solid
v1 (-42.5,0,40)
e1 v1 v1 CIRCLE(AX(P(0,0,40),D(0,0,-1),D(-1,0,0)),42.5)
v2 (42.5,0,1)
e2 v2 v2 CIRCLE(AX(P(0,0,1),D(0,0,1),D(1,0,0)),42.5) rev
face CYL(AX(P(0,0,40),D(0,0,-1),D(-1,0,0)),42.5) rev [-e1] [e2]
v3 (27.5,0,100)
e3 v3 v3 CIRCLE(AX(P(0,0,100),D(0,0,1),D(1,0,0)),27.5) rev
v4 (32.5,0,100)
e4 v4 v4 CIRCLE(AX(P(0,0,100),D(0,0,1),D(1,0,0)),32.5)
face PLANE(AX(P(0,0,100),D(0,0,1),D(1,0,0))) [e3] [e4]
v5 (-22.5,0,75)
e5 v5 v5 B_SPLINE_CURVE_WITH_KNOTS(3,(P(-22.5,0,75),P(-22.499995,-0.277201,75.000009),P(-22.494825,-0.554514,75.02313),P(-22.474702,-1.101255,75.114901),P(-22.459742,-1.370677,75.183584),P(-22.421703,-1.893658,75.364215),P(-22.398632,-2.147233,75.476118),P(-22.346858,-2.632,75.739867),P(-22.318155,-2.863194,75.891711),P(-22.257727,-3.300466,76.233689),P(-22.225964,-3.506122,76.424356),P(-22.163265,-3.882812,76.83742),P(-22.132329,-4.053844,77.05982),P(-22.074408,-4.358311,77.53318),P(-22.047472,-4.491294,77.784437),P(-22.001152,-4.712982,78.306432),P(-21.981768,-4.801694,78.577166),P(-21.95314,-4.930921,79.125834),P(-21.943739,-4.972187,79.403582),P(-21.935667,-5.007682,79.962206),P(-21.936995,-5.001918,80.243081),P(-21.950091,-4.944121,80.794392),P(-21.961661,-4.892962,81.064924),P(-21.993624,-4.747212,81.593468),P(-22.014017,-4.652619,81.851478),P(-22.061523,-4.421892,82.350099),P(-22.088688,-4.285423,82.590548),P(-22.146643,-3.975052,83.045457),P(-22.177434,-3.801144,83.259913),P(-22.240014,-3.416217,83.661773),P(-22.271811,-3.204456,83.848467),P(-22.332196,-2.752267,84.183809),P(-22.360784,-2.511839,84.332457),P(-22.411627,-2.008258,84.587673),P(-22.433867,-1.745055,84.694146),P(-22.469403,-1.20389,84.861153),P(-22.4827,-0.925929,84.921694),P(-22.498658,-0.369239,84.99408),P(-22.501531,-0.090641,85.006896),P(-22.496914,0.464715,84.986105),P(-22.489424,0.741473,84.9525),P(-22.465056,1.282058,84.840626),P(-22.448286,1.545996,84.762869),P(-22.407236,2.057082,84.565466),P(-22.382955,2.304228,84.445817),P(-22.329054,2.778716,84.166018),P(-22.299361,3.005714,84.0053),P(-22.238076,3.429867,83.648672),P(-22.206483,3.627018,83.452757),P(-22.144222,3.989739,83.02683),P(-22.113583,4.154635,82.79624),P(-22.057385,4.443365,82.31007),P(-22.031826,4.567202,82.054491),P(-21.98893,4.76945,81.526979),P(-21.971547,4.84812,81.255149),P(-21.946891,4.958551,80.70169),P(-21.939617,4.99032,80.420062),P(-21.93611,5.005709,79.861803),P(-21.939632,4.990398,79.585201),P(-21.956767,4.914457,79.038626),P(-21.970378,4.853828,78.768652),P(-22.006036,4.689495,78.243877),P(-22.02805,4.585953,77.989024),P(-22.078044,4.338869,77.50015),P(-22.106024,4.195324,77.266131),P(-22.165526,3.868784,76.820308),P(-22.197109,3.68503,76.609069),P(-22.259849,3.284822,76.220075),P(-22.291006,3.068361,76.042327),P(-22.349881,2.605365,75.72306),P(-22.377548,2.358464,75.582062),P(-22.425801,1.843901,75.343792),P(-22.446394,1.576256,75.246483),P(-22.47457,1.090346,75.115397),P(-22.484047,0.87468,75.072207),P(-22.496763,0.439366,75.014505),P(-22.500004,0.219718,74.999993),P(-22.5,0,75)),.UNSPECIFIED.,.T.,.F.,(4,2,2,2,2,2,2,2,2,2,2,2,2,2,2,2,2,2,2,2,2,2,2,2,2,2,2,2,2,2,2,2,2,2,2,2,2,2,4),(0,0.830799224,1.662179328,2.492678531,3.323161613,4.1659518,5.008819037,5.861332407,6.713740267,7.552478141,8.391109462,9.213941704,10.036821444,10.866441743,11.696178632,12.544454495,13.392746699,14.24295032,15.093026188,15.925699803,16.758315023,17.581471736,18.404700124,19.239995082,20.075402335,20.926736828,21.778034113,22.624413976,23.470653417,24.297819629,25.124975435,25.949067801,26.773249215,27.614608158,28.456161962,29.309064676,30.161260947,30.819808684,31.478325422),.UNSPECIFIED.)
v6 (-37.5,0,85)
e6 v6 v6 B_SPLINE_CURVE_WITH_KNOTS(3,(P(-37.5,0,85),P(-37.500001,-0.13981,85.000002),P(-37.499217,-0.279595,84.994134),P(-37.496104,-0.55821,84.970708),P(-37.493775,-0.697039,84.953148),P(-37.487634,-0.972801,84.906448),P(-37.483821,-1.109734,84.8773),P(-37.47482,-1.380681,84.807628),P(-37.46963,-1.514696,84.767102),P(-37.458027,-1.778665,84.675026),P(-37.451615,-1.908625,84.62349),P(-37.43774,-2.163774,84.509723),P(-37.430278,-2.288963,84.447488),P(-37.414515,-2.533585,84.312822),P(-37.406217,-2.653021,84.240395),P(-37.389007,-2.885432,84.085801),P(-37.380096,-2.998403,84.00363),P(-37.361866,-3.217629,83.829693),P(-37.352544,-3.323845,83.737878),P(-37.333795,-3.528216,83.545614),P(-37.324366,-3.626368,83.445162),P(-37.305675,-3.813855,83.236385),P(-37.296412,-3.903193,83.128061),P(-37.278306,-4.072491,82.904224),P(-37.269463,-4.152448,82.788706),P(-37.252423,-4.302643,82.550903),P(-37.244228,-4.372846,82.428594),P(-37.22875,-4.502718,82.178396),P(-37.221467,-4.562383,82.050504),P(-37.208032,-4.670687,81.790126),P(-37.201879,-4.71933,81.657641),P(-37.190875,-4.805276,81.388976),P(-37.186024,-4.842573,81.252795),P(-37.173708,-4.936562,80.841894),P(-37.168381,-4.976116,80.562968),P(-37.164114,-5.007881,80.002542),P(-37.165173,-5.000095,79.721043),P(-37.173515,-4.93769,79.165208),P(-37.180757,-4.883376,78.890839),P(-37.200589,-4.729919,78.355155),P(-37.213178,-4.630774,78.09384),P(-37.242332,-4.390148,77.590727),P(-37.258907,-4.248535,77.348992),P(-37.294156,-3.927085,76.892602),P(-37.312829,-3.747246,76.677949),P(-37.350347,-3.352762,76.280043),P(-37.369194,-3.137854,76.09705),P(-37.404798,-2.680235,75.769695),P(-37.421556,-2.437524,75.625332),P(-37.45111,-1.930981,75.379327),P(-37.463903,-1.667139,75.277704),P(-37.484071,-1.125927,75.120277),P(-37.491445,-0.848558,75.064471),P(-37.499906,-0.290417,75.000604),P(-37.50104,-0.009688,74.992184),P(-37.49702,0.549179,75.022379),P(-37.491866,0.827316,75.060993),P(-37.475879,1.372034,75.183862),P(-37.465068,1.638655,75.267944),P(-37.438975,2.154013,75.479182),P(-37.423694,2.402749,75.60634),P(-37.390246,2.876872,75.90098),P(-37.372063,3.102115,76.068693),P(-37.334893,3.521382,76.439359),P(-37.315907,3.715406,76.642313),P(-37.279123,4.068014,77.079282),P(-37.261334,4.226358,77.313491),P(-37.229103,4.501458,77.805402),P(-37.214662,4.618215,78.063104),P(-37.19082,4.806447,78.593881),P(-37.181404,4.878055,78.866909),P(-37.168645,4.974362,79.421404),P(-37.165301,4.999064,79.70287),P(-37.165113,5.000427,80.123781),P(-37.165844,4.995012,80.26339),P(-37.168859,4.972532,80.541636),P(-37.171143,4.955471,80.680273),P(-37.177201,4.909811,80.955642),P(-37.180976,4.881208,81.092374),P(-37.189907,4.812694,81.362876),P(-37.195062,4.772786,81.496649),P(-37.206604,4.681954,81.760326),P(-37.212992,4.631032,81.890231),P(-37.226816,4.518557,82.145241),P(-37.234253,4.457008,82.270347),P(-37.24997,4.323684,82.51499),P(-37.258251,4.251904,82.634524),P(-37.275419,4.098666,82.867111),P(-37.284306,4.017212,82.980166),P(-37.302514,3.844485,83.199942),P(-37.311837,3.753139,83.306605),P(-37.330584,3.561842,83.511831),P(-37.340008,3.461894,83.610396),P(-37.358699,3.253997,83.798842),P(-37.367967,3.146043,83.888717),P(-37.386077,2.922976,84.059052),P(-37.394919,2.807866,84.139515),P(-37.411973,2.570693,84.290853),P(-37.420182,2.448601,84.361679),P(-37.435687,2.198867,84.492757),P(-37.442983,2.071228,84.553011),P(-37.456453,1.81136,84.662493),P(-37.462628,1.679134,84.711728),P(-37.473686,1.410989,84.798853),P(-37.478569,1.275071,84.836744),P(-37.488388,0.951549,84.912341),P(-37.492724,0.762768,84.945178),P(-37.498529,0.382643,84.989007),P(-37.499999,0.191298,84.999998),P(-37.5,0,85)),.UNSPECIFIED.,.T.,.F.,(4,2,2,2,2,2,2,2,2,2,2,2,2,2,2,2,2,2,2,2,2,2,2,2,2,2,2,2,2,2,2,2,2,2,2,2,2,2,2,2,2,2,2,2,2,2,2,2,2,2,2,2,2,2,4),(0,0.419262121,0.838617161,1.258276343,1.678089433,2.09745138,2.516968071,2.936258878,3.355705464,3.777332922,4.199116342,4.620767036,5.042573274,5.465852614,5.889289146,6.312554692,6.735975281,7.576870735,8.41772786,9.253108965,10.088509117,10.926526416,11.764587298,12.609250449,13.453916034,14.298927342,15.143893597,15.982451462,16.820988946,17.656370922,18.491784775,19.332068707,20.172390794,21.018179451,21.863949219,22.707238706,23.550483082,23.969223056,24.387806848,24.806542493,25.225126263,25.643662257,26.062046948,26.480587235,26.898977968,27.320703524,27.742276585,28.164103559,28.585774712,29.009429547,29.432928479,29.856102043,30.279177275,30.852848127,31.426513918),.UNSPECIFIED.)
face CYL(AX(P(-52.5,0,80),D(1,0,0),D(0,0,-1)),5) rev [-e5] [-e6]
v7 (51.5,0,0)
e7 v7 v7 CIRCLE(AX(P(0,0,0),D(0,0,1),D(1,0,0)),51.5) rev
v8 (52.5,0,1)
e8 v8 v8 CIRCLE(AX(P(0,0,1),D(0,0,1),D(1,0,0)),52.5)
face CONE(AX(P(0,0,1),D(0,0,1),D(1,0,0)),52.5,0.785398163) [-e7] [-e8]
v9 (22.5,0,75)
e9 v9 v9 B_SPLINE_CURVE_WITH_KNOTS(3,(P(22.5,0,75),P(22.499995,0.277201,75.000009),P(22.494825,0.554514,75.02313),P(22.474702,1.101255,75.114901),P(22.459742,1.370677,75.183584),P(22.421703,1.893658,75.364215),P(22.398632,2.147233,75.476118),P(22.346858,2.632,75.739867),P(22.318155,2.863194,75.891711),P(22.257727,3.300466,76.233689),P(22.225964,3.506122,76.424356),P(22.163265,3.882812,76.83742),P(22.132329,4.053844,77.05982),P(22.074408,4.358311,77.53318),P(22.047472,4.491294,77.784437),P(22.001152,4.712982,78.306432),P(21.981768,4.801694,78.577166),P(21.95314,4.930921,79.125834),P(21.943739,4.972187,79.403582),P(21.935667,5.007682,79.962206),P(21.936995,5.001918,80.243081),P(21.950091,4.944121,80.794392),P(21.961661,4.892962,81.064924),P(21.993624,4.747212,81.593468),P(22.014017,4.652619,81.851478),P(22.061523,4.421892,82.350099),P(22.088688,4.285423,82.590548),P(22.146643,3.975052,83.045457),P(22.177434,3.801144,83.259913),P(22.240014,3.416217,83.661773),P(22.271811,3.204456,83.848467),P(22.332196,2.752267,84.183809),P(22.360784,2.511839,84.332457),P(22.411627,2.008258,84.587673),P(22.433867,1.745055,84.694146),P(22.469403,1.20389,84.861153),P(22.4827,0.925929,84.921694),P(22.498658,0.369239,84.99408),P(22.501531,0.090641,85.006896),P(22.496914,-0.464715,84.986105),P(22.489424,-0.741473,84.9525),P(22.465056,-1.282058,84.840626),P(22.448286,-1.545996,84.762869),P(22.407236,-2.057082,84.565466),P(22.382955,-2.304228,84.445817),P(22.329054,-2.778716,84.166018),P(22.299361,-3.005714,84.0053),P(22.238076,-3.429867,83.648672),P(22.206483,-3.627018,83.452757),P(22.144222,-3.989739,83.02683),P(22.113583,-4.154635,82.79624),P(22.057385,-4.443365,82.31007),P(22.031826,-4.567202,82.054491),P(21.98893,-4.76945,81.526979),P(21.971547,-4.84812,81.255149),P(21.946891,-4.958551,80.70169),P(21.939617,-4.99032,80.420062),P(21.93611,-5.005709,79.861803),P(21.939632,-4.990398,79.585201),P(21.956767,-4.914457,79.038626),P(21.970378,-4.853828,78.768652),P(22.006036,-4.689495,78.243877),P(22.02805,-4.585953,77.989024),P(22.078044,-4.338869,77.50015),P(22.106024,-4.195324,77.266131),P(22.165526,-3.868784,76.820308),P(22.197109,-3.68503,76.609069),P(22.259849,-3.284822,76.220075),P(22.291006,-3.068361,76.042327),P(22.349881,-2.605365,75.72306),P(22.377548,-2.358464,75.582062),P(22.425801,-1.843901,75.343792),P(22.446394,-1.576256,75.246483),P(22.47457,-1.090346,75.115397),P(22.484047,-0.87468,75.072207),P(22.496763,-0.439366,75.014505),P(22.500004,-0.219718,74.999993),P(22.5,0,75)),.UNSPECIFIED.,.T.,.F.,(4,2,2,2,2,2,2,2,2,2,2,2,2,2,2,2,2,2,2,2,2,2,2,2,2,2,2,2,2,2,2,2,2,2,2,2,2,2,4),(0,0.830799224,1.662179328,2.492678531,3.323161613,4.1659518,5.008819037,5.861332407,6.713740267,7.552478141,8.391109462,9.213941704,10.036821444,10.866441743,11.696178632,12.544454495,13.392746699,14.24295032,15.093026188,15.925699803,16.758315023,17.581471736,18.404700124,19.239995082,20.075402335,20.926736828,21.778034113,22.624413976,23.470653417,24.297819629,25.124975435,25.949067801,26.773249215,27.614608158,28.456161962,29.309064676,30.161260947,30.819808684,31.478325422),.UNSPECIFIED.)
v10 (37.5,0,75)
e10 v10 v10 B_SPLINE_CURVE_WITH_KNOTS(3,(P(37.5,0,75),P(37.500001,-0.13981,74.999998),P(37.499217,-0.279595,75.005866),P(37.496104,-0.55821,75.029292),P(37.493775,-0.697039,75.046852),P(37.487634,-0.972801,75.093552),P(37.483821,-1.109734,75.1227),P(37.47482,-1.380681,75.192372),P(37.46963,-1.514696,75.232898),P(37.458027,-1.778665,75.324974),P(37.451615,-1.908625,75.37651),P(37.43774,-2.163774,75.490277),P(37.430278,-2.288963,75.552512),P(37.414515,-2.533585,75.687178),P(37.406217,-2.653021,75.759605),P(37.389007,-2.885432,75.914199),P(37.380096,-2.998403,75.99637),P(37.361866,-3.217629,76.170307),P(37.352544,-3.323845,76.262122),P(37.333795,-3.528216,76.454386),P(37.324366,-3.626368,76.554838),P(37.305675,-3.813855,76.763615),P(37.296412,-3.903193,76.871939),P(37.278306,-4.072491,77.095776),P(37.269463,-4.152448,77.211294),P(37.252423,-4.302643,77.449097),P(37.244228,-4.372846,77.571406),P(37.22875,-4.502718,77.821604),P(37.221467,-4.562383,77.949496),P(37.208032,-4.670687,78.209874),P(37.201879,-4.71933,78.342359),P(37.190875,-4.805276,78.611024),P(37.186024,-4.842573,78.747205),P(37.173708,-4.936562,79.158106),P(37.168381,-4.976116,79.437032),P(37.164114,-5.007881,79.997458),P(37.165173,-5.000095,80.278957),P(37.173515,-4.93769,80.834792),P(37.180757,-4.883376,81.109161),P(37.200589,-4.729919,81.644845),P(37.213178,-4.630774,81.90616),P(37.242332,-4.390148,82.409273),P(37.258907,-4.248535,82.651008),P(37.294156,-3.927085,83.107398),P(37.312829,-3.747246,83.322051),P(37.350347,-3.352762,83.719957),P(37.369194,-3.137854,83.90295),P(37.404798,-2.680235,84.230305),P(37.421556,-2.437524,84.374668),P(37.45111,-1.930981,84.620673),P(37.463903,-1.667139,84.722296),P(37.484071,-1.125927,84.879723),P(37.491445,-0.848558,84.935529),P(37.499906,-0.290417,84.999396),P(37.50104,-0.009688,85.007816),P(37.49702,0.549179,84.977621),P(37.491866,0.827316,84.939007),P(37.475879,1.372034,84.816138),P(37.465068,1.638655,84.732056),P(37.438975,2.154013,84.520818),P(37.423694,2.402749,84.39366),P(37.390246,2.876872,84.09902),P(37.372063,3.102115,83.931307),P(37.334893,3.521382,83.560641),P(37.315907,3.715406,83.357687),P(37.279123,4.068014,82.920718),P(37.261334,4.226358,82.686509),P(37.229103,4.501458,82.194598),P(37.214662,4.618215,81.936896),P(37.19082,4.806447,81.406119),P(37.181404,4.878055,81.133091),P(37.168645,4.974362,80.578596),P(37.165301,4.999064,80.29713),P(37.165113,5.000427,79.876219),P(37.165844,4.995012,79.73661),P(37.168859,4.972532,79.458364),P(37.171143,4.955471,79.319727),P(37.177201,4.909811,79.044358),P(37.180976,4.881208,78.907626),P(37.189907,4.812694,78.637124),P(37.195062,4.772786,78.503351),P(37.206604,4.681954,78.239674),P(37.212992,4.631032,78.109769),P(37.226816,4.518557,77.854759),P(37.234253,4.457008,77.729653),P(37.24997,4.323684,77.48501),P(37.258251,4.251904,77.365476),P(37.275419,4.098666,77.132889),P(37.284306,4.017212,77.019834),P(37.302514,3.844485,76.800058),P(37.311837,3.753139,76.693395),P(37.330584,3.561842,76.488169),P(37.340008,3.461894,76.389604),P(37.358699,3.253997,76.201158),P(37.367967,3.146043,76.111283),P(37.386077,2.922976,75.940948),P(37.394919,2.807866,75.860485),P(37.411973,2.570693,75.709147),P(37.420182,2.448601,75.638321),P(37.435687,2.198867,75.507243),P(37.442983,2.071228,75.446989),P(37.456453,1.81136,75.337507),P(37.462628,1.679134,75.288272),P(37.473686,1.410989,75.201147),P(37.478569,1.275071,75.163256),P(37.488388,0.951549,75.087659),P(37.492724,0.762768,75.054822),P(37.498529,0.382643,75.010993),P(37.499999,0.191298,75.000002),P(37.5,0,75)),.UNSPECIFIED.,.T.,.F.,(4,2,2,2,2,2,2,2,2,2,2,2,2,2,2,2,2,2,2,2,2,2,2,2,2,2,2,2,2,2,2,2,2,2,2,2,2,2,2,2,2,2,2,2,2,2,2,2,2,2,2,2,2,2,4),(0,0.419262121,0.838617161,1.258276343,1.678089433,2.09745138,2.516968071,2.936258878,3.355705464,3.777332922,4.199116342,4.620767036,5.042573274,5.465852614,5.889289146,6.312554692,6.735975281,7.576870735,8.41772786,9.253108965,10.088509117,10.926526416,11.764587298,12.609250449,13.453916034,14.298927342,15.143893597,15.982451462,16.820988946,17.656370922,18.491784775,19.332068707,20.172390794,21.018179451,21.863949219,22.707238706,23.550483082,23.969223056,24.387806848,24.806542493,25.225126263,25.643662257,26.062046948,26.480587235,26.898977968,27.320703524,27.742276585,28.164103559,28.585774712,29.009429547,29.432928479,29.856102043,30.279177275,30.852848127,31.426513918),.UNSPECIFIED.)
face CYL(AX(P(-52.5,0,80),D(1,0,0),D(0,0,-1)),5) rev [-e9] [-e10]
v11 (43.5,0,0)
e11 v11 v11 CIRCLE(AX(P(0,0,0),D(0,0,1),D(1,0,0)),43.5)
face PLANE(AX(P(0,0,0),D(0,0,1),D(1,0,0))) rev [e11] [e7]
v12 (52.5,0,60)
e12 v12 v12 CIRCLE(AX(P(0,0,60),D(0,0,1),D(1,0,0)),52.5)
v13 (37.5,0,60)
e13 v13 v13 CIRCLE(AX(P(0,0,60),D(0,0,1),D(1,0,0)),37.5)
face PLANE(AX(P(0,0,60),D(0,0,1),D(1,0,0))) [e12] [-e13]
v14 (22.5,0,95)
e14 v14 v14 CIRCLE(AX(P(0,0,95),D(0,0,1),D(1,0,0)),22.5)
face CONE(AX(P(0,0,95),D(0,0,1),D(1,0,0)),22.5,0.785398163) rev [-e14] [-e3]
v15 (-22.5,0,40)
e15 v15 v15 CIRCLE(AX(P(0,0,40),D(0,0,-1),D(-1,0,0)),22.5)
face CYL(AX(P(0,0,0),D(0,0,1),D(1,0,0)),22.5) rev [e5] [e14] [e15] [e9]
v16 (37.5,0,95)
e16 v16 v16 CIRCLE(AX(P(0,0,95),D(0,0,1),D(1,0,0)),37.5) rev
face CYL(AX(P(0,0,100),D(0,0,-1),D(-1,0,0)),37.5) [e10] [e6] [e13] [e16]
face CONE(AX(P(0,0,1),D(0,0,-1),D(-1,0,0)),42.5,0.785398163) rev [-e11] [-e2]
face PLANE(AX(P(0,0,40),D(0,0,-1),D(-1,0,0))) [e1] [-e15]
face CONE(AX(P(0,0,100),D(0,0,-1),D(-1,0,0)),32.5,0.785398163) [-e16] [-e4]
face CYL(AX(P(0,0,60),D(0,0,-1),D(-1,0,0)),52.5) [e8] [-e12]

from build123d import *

# Parameters (mm, degrees)
SKETCH_1_R               = 52.5
EXTRUDE_1_DEPTH          = 60
SKETCH_2_R               = 37.5
EXTRUDE_2_DEPTH          = 40
SKETCH_3_R               = 42.5
CUT_EXTRUDE_1_DEPTH      = 40
SKETCH_4_R               = 22.5
CUT_EXTRUDE_2_DEPTH      = 125.549187071
CHAMFER_1_SIZE           = 1
CUT_EXTRUDE_3_DEPTH      = 125.549187071
CUT_EXTRUDE_3_DEPTH_BACK = 125.549187071
SKETCH_5_R               = 5
CHAMFER_2_SIZE           = 5


with BuildPart() as part:
    # Эскиз1 → Бобышка-Вытянуть1 (new body)
    with BuildSketch(Plane.XY):
        Circle(SKETCH_1_R)
    extrude(amount=EXTRUDE_1_DEPTH)

    # Эскиз2 → Бобышка-Вытянуть2 (add)
    with BuildSketch(Plane.XY.offset(60)):
        Circle(SKETCH_2_R)
    extrude(amount=EXTRUDE_2_DEPTH)

    # Эскиз3 → Вырез-Вытянуть1 (cut)
    with BuildSketch(Plane(origin=(0, 0, 0), x_dir=(-1, 0, 0), z_dir=(0, 0, -1))):
        Circle(SKETCH_3_R)
    extrude(amount=-CUT_EXTRUDE_1_DEPTH, mode=Mode.SUBTRACT)

    # Эскиз4 → Вырез-Вытянуть2 (cut, through all)
    with BuildSketch(Plane.XY.offset(100)):
        Circle(SKETCH_4_R)
    extrude(amount=-CUT_EXTRUDE_2_DEPTH, mode=Mode.SUBTRACT)

    # Фаска1
    chamfer_1_edges = [part.edges().sort_by_distance(p)[0] for p in [
        (42.5, 0, 0),
        (-52.5, 0, 0),
    ]]
    chamfer(chamfer_1_edges, length=CHAMFER_1_SIZE)

    # Эскиз5 → Вырез-Вытянуть3 (cut, two sides: drawn at the far end of the back side and taken through both)
    with BuildSketch(Plane(origin=(0, 0, 0), x_dir=(0, 0, -1), z_dir=(1, 0, 0)).offset(-CUT_EXTRUDE_3_DEPTH_BACK)):
        with Locations((-80, 0)):
            Circle(SKETCH_5_R)
    extrude(amount=CUT_EXTRUDE_3_DEPTH + CUT_EXTRUDE_3_DEPTH_BACK, mode=Mode.SUBTRACT)

    # Фаска2
    chamfer_2_edges = [part.edges().sort_by_distance(p)[0] for p in [
        (-22.5, 0, 100),
        (-37.5, 0, 100),
    ]]
    chamfer(chamfer_2_edges, length=CHAMFER_2_SIZE)


solid = part.part
